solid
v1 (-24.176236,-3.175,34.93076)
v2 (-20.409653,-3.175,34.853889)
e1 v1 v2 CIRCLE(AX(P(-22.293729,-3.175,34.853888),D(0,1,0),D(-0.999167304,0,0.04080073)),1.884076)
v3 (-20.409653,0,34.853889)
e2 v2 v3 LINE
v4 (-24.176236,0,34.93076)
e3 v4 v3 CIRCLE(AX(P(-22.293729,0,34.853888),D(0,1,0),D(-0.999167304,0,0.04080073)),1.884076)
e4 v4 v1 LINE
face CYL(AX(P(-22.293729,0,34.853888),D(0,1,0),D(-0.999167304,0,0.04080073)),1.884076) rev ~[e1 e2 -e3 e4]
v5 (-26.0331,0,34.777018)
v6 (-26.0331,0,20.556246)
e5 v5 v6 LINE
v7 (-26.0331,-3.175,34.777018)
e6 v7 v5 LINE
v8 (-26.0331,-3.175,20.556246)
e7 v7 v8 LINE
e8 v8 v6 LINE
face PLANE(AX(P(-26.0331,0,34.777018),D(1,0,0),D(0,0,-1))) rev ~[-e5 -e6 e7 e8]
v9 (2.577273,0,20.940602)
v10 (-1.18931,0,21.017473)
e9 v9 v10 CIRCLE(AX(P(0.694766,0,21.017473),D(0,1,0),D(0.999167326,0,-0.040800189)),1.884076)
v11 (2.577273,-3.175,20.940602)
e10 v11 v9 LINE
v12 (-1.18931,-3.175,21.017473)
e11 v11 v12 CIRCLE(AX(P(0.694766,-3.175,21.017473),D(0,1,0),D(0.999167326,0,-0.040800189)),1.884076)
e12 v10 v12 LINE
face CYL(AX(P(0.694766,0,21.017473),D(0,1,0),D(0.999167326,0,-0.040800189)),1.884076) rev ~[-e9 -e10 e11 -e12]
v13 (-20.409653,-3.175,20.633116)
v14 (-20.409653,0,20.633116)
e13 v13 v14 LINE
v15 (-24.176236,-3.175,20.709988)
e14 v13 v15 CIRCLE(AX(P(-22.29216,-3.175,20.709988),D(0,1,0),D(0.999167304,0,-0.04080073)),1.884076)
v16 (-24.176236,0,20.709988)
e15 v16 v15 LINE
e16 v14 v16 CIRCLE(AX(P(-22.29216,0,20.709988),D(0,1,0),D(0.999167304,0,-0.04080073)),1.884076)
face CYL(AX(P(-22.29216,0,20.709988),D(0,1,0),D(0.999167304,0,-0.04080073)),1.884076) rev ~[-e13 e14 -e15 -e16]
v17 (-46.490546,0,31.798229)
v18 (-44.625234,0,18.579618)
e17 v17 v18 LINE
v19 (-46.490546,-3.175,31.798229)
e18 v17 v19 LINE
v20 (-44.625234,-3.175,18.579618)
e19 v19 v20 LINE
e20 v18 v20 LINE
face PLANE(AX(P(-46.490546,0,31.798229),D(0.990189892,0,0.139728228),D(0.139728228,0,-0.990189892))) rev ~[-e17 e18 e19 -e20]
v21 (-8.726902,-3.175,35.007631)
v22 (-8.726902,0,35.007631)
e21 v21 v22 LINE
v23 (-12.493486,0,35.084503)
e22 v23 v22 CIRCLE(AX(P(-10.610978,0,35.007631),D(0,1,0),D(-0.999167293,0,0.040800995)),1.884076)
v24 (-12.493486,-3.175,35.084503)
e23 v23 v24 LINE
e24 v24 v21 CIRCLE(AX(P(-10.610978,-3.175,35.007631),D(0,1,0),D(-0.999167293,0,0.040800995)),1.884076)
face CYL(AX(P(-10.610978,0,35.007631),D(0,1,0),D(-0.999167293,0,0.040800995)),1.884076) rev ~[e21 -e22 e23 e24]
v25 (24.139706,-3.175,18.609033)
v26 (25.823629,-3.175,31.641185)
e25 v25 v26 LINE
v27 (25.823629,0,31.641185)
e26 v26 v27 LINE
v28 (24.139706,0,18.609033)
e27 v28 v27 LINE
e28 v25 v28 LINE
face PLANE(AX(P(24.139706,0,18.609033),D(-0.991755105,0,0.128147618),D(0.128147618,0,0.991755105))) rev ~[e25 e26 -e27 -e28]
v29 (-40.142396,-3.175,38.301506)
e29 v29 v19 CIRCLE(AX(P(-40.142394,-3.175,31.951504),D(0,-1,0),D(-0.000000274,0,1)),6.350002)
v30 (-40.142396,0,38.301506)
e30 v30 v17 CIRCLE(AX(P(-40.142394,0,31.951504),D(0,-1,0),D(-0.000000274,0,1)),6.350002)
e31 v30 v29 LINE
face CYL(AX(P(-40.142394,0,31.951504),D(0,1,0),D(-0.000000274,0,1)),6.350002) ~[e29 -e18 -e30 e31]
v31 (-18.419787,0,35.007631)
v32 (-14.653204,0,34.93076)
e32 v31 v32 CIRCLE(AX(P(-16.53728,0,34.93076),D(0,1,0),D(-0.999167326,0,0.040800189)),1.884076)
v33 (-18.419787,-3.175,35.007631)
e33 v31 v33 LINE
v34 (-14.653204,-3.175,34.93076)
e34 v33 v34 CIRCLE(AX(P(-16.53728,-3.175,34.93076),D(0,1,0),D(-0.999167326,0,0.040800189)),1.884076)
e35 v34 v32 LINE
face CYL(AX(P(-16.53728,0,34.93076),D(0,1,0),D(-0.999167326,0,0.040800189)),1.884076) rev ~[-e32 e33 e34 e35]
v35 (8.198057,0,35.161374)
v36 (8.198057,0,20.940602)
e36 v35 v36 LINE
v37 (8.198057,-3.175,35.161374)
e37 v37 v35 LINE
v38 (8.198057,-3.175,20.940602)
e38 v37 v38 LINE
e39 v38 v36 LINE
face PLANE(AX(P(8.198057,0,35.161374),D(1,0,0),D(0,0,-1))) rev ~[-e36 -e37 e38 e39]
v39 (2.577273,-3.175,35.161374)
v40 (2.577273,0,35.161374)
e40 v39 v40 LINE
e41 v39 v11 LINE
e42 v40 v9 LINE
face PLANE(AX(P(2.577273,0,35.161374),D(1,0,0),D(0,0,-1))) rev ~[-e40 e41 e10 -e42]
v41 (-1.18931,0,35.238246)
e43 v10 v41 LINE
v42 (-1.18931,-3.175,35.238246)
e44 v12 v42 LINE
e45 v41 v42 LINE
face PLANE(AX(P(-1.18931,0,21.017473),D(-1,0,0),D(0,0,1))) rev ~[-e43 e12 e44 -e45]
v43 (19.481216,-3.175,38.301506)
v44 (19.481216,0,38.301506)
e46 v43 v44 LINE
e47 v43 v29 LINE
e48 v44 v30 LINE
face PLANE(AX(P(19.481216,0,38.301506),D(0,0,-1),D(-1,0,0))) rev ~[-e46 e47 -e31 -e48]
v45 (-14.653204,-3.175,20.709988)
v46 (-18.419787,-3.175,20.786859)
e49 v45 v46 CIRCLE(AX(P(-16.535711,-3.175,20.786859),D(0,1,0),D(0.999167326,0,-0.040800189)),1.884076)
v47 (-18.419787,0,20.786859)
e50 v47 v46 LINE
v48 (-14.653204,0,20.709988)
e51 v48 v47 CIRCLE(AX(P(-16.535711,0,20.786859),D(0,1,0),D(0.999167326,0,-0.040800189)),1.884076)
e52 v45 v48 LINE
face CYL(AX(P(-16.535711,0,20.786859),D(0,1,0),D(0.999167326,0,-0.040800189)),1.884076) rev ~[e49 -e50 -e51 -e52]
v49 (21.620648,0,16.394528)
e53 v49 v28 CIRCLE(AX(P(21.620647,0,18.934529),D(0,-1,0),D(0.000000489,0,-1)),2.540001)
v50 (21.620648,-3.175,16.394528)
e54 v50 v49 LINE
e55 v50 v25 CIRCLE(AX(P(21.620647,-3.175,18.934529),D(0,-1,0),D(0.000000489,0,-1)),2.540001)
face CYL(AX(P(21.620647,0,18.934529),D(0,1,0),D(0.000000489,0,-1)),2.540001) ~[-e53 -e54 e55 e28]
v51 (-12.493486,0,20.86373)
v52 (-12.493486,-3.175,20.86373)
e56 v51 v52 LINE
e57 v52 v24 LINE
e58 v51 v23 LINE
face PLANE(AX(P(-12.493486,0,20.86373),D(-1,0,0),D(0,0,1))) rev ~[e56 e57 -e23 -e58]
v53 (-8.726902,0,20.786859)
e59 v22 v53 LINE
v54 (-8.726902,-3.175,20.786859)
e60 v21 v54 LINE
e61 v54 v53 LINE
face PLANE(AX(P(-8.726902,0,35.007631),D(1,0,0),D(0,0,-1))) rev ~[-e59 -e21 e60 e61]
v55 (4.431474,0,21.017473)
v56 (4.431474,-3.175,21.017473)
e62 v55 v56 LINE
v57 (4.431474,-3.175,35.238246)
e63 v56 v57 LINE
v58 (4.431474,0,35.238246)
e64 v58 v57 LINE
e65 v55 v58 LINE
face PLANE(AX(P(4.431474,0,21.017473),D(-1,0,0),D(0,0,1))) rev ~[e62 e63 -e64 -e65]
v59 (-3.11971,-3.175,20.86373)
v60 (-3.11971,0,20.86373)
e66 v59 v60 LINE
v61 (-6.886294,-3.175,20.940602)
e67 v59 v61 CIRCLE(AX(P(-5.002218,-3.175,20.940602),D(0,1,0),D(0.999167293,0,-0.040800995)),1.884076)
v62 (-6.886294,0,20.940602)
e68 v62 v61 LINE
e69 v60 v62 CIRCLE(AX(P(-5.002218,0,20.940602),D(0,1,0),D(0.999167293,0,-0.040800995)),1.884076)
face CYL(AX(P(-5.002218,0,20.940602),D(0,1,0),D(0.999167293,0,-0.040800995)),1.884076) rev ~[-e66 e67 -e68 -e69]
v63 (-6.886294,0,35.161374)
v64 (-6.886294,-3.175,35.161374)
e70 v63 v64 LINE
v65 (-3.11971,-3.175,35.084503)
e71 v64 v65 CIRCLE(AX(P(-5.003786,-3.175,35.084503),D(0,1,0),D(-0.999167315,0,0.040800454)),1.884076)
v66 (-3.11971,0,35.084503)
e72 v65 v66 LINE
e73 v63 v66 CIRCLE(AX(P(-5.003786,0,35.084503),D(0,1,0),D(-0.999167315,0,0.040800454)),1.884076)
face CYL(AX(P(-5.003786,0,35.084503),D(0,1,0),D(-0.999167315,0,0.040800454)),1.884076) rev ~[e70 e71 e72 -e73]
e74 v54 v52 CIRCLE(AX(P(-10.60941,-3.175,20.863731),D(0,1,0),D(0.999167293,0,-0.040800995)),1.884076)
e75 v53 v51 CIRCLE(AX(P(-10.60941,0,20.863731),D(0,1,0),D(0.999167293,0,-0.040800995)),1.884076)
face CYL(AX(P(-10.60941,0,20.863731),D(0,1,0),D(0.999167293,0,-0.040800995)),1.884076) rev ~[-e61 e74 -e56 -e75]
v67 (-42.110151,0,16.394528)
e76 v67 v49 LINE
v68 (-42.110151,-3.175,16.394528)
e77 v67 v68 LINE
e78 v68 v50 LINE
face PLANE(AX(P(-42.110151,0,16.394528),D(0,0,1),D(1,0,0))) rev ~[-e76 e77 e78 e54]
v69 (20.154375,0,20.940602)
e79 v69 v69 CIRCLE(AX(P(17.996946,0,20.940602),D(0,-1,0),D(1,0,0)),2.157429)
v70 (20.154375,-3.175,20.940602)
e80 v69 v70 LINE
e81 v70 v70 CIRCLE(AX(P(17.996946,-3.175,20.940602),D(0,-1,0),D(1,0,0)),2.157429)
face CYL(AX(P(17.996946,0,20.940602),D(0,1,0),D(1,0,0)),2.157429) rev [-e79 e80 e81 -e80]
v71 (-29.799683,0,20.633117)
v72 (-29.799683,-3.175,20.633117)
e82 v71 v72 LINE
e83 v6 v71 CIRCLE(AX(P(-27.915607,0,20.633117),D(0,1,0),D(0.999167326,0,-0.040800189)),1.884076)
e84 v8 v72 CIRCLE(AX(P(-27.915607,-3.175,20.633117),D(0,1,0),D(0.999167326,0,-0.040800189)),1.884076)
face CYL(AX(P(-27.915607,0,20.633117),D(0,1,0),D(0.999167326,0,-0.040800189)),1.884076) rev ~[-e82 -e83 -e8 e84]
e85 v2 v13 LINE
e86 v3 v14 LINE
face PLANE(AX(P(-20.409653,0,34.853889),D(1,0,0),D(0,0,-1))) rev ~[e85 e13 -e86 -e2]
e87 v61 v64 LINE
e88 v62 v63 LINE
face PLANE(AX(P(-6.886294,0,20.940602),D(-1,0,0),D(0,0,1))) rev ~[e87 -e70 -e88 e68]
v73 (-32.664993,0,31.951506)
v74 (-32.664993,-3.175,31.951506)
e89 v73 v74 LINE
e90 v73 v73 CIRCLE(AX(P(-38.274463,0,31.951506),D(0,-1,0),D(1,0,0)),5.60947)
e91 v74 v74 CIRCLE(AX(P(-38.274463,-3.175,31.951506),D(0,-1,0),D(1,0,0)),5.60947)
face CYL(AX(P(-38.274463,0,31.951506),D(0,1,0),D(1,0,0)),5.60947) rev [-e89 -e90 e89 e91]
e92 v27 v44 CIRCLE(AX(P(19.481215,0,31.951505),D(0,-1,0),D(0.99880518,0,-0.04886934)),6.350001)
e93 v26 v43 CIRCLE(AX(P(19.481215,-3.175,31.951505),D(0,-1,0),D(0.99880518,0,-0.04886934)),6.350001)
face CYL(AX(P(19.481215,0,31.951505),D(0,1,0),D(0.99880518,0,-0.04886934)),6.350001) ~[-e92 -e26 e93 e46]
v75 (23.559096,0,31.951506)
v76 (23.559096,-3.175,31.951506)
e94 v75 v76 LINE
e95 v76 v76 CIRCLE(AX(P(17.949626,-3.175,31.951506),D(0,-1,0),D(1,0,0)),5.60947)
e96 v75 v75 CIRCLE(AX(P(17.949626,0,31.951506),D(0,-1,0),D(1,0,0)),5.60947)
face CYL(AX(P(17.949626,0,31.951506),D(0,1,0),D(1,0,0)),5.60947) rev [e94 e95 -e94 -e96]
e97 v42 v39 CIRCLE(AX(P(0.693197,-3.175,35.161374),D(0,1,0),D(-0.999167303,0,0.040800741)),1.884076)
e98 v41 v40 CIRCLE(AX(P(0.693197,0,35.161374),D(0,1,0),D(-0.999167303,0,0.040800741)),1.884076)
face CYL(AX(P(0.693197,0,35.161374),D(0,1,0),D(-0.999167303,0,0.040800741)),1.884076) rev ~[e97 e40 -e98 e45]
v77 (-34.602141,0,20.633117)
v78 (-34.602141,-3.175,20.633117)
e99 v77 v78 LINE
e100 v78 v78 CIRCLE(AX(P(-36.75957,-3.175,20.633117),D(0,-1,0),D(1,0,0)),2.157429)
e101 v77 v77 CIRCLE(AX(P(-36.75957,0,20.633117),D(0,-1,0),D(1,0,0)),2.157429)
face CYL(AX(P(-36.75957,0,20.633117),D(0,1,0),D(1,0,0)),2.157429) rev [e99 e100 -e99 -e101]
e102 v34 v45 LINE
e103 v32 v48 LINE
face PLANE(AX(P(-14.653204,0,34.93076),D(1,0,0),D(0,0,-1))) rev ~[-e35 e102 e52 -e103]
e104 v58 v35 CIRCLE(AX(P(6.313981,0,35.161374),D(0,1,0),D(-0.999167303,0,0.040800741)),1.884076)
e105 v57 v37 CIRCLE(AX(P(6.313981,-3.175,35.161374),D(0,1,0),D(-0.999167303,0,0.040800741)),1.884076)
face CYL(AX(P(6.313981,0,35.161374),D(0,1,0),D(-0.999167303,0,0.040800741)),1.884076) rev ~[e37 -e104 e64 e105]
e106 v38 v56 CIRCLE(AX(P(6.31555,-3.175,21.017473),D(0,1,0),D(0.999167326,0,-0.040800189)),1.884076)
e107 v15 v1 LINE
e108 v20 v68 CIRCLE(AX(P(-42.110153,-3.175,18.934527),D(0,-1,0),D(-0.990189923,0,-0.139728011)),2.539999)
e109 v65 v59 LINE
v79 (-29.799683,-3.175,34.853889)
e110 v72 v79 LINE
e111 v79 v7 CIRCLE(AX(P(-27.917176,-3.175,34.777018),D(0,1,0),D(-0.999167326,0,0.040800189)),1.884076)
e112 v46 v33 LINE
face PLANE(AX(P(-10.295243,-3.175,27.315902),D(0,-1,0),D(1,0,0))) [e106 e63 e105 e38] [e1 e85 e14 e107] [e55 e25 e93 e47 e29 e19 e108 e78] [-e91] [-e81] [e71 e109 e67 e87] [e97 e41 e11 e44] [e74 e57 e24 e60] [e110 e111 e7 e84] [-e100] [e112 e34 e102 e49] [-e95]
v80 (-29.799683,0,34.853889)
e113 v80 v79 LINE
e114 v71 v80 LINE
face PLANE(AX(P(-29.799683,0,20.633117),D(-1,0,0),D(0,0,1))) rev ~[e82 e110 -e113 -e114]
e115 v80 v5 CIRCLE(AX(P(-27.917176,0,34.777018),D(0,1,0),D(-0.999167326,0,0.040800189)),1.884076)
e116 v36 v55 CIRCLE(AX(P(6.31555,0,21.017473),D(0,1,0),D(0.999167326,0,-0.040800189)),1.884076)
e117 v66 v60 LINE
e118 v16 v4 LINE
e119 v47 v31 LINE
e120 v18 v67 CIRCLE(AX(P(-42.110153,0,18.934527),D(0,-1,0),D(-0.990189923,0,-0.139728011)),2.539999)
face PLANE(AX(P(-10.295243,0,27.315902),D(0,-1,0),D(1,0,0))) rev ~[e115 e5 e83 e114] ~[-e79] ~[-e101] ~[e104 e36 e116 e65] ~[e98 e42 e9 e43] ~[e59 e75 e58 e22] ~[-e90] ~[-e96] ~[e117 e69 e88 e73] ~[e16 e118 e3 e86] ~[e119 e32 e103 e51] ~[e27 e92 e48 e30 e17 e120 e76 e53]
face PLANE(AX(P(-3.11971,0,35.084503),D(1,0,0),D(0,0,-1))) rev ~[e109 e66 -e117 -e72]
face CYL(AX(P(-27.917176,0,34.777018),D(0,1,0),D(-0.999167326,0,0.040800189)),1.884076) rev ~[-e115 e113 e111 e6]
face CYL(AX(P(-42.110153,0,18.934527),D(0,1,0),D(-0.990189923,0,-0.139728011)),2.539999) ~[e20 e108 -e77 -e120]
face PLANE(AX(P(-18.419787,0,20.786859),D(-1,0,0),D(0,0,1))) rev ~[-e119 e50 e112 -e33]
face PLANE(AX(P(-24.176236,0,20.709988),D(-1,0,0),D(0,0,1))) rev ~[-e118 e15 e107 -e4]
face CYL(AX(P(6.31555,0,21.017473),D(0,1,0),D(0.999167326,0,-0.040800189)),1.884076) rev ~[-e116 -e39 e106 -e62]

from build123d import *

# Parameters (mm, degrees)
F0_R     = 2.157429
F0_R_2   = 5.60947
F1_DEPTH = 3.175
F2_DEPTH = 0.004921
F3_DEPTH = 3.175


with BuildPart() as f1:
    # F0 (on Front) → F1 (new body)
    with BuildSketch(Plane.XZ):
        with BuildLine():
            Line((19.481216, 38.301506), (-40.142396, 38.301506))
            ThreePointArc((-40.142396, 38.301506), (-44.686392, 36.387111), (-46.490546, 31.798229))
            Line((-46.490546, 31.798229), (-44.625234, 18.579618))
            ThreePointArc((-44.625234, 18.579618), (-43.776004, 17.017098), (-42.110151, 16.394528))
            Line((-42.110151, 16.394528), (21.620648, 16.394528))
            ThreePointArc((21.620648, 16.394528), (23.297675, 17.026865), (24.139706, 18.609033))
            Line((24.139706, 18.609033), (25.823629, 31.641185))
            ThreePointArc((25.823629, 31.641185), (24.07975, 36.330545), (19.481216, 38.301506))
        make_face()
        with Locations((-36.75957, 20.633117)):
            Circle(F0_R, mode=Mode.SUBTRACT)
        with Locations((17.996946, 20.940602)):
            Circle(F0_R, mode=Mode.SUBTRACT)
        with Locations((-38.274463, 31.951506)):
            Circle(F0_R_2, mode=Mode.SUBTRACT)
        with BuildLine():
            Line((-29.799683, 20.633117), (-29.799683, 34.853889))
            ThreePointArc((-29.799683, 34.853889), (-27.878732, 36.660702), (-26.0331, 34.777018))
            Line((-26.0331, 34.777018), (-26.0331, 20.556246))
            ThreePointArc((-26.0331, 20.556246), (-27.954051, 18.749433), (-29.799683, 20.633117))
        make_face(mode=Mode.SUBTRACT)
        with BuildLine():
            Line((-24.176236, 20.709988), (-24.176236, 34.93076))
            ThreePointArc((-24.176236, 34.93076), (-22.255285, 36.737572), (-20.409653, 34.853889))
            Line((-20.409653, 34.853889), (-20.409653, 20.633116))
            ThreePointArc((-20.409653, 20.633116), (-22.330604, 18.826304), (-24.176236, 20.709988))
        make_face(mode=Mode.SUBTRACT)
        with BuildLine():
            Line((-18.419787, 20.786859), (-18.419787, 35.007631))
            ThreePointArc((-18.419787, 35.007631), (-16.498836, 36.814444), (-14.653204, 34.93076))
            Line((-14.653204, 34.93076), (-14.653204, 20.709988))
            ThreePointArc((-14.653204, 20.709988), (-16.574155, 18.903175), (-18.419787, 20.786859))
        make_face(mode=Mode.SUBTRACT)
        with BuildLine():
            Line((-12.493486, 20.86373), (-12.493486, 35.084503))
            ThreePointArc((-12.493486, 35.084503), (-10.572535, 36.891315), (-8.726902, 35.007631))
            Line((-8.726902, 35.007631), (-8.726902, 20.786859))
            ThreePointArc((-8.726902, 20.786859), (-10.647853, 18.980047), (-12.493486, 20.86373))
        make_face(mode=Mode.SUBTRACT)
        with BuildLine():
            Line((-6.886294, 20.940602), (-6.886294, 35.161374))
            ThreePointArc((-6.886294, 35.161374), (-4.965343, 36.968187), (-3.11971, 35.084503))
            Line((-3.11971, 35.084503), (-3.11971, 20.86373))
            ThreePointArc((-3.11971, 20.86373), (-5.040661, 19.056918), (-6.886294, 20.940602))
        make_face(mode=Mode.SUBTRACT)
        with BuildLine():
            Line((-1.18931, 21.017473), (-1.18931, 35.238246))
            ThreePointArc((-1.18931, 35.238246), (0.73164, 37.045058), (2.577273, 35.161374))
            Line((2.577273, 35.161374), (2.577273, 20.940602))
            ThreePointArc((2.577273, 20.940602), (0.656322, 19.133789), (-1.18931, 21.017473))
        make_face(mode=Mode.SUBTRACT)
        with BuildLine():
            Line((4.431474, 21.017473), (4.431474, 35.238246))
            ThreePointArc((4.431474, 35.238246), (6.352424, 37.045058), (8.198057, 35.161374))
            Line((8.198057, 35.161374), (8.198057, 20.940602))
            ThreePointArc((8.198057, 20.940602), (6.277106, 19.133789), (4.431474, 21.017473))
        make_face(mode=Mode.SUBTRACT)
        with Locations((17.949626, 31.951506)):
            Circle(F0_R_2, mode=Mode.SUBTRACT)
    extrude(amount=F1_DEPTH)

    # F0 (on Front) → F2 (join)
    with BuildSketch(Plane.XZ):
        with BuildLine():
            Line((19.481216, 38.301506), (-40.142396, 38.301506))
            ThreePointArc((-40.142396, 38.301506), (-44.686392, 36.387111), (-46.490546, 31.798229))
            Line((-46.490546, 31.798229), (-44.625234, 18.579618))
            ThreePointArc((-44.625234, 18.579618), (-43.776004, 17.017098), (-42.110151, 16.394528))
            Line((-42.110151, 16.394528), (21.620648, 16.394528))
            ThreePointArc((21.620648, 16.394528), (23.297675, 17.026865), (24.139706, 18.609033))
            Line((24.139706, 18.609033), (25.823629, 31.641185))
            ThreePointArc((25.823629, 31.641185), (24.07975, 36.330545), (19.481216, 38.301506))
        make_face()
        with Locations((-36.75957, 20.633117)):
            Circle(F0_R, mode=Mode.SUBTRACT)
        with Locations((17.996946, 20.940602)):
            Circle(F0_R, mode=Mode.SUBTRACT)
        with Locations((-38.274463, 31.951506)):
            Circle(F0_R_2, mode=Mode.SUBTRACT)
        with BuildLine():
            Line((-29.799683, 20.633117), (-29.799683, 34.853889))
            ThreePointArc((-29.799683, 34.853889), (-27.878732, 36.660702), (-26.0331, 34.777018))
            Line((-26.0331, 34.777018), (-26.0331, 20.556246))
            ThreePointArc((-26.0331, 20.556246), (-27.954051, 18.749433), (-29.799683, 20.633117))
        make_face(mode=Mode.SUBTRACT)
        with BuildLine():
            Line((-24.176236, 20.709988), (-24.176236, 34.93076))
            ThreePointArc((-24.176236, 34.93076), (-22.255285, 36.737572), (-20.409653, 34.853889))
            Line((-20.409653, 34.853889), (-20.409653, 20.633116))
            ThreePointArc((-20.409653, 20.633116), (-22.330604, 18.826304), (-24.176236, 20.709988))
        make_face(mode=Mode.SUBTRACT)
        with BuildLine():
            Line((-18.419787, 20.786859), (-18.419787, 35.007631))
            ThreePointArc((-18.419787, 35.007631), (-16.498836, 36.814444), (-14.653204, 34.93076))
            Line((-14.653204, 34.93076), (-14.653204, 20.709988))
            ThreePointArc((-14.653204, 20.709988), (-16.574155, 18.903175), (-18.419787, 20.786859))
        make_face(mode=Mode.SUBTRACT)
        with BuildLine():
            Line((-12.493486, 20.86373), (-12.493486, 35.084503))
            ThreePointArc((-12.493486, 35.084503), (-10.572535, 36.891315), (-8.726902, 35.007631))
            Line((-8.726902, 35.007631), (-8.726902, 20.786859))
            ThreePointArc((-8.726902, 20.786859), (-10.647853, 18.980047), (-12.493486, 20.86373))
        make_face(mode=Mode.SUBTRACT)
        with BuildLine():
            Line((-6.886294, 20.940602), (-6.886294, 35.161374))
            ThreePointArc((-6.886294, 35.161374), (-4.965343, 36.968187), (-3.11971, 35.084503))
            Line((-3.11971, 35.084503), (-3.11971, 20.86373))
            ThreePointArc((-3.11971, 20.86373), (-5.040661, 19.056918), (-6.886294, 20.940602))
        make_face(mode=Mode.SUBTRACT)
        with BuildLine():
            Line((-1.18931, 21.017473), (-1.18931, 35.238246))
            ThreePointArc((-1.18931, 35.238246), (0.73164, 37.045058), (2.577273, 35.161374))
            Line((2.577273, 35.161374), (2.577273, 20.940602))
            ThreePointArc((2.577273, 20.940602), (0.656322, 19.133789), (-1.18931, 21.017473))
        make_face(mode=Mode.SUBTRACT)
        with BuildLine():
            Line((4.431474, 21.017473), (4.431474, 35.238246))
            ThreePointArc((4.431474, 35.238246), (6.352424, 37.045058), (8.198057, 35.161374))
            Line((8.198057, 35.161374), (8.198057, 20.940602))
            ThreePointArc((8.198057, 20.940602), (6.277106, 19.133789), (4.431474, 21.017473))
        make_face(mode=Mode.SUBTRACT)
        with Locations((17.949626, 31.951506)):
            Circle(F0_R_2, mode=Mode.SUBTRACT)
    extrude(amount=F2_DEPTH)

    # F0 (on Front) → F3 (join)
    with BuildSketch(Plane.XZ):
        with BuildLine():
            Line((19.481216, 38.301506), (-40.142396, 38.301506))
            ThreePointArc((-40.142396, 38.301506), (-44.686392, 36.387111), (-46.490546, 31.798229))
            Line((-46.490546, 31.798229), (-44.625234, 18.579618))
            ThreePointArc((-44.625234, 18.579618), (-43.776004, 17.017098), (-42.110151, 16.394528))
            Line((-42.110151, 16.394528), (21.620648, 16.394528))
            ThreePointArc((21.620648, 16.394528), (23.297675, 17.026865), (24.139706, 18.609033))
            Line((24.139706, 18.609033), (25.823629, 31.641185))
            ThreePointArc((25.823629, 31.641185), (24.07975, 36.330545), (19.481216, 38.301506))
        make_face()
        with Locations((-36.75957, 20.633117)):
            Circle(F0_R, mode=Mode.SUBTRACT)
        with Locations((17.996946, 20.940602)):
            Circle(F0_R, mode=Mode.SUBTRACT)
        with Locations((-38.274463, 31.951506)):
            Circle(F0_R_2, mode=Mode.SUBTRACT)
        with BuildLine():
            Line((-29.799683, 20.633117), (-29.799683, 34.853889))
            ThreePointArc((-29.799683, 34.853889), (-27.878732, 36.660702), (-26.0331, 34.777018))
            Line((-26.0331, 34.777018), (-26.0331, 20.556246))
            ThreePointArc((-26.0331, 20.556246), (-27.954051, 18.749433), (-29.799683, 20.633117))
        make_face(mode=Mode.SUBTRACT)
        with BuildLine():
            Line((-24.176236, 20.709988), (-24.176236, 34.93076))
            ThreePointArc((-24.176236, 34.93076), (-22.255285, 36.737572), (-20.409653, 34.853889))
            Line((-20.409653, 34.853889), (-20.409653, 20.633116))
            ThreePointArc((-20.409653, 20.633116), (-22.330604, 18.826304), (-24.176236, 20.709988))
        make_face(mode=Mode.SUBTRACT)
        with BuildLine():
            Line((-18.419787, 20.786859), (-18.419787, 35.007631))
            ThreePointArc((-18.419787, 35.007631), (-16.498836, 36.814444), (-14.653204, 34.93076))
            Line((-14.653204, 34.93076), (-14.653204, 20.709988))
            ThreePointArc((-14.653204, 20.709988), (-16.574155, 18.903175), (-18.419787, 20.786859))
        make_face(mode=Mode.SUBTRACT)
        with BuildLine():
            Line((-12.493486, 20.86373), (-12.493486, 35.084503))
            ThreePointArc((-12.493486, 35.084503), (-10.572535, 36.891315), (-8.726902, 35.007631))
            Line((-8.726902, 35.007631), (-8.726902, 20.786859))
            ThreePointArc((-8.726902, 20.786859), (-10.647853, 18.980047), (-12.493486, 20.86373))
        make_face(mode=Mode.SUBTRACT)
        with BuildLine():
            Line((-6.886294, 20.940602), (-6.886294, 35.161374))
            ThreePointArc((-6.886294, 35.161374), (-4.965343, 36.968187), (-3.11971, 35.084503))
            Line((-3.11971, 35.084503), (-3.11971, 20.86373))
            ThreePointArc((-3.11971, 20.86373), (-5.040661, 19.056918), (-6.886294, 20.940602))
        make_face(mode=Mode.SUBTRACT)
        with BuildLine():
            Line((-1.18931, 21.017473), (-1.18931, 35.238246))
            ThreePointArc((-1.18931, 35.238246), (0.73164, 37.045058), (2.577273, 35.161374))
            Line((2.577273, 35.161374), (2.577273, 20.940602))
            ThreePointArc((2.577273, 20.940602), (0.656322, 19.133789), (-1.18931, 21.017473))
        make_face(mode=Mode.SUBTRACT)
        with BuildLine():
            Line((4.431474, 21.017473), (4.431474, 35.238246))
            ThreePointArc((4.431474, 35.238246), (6.352424, 37.045058), (8.198057, 35.161374))
            Line((8.198057, 35.161374), (8.198057, 20.940602))
            ThreePointArc((8.198057, 20.940602), (6.277106, 19.133789), (4.431474, 21.017473))
        make_face(mode=Mode.SUBTRACT)
        with Locations((17.949626, 31.951506)):
            Circle(F0_R_2, mode=Mode.SUBTRACT)
    extrude(amount=F3_DEPTH)


solid = f1.part
